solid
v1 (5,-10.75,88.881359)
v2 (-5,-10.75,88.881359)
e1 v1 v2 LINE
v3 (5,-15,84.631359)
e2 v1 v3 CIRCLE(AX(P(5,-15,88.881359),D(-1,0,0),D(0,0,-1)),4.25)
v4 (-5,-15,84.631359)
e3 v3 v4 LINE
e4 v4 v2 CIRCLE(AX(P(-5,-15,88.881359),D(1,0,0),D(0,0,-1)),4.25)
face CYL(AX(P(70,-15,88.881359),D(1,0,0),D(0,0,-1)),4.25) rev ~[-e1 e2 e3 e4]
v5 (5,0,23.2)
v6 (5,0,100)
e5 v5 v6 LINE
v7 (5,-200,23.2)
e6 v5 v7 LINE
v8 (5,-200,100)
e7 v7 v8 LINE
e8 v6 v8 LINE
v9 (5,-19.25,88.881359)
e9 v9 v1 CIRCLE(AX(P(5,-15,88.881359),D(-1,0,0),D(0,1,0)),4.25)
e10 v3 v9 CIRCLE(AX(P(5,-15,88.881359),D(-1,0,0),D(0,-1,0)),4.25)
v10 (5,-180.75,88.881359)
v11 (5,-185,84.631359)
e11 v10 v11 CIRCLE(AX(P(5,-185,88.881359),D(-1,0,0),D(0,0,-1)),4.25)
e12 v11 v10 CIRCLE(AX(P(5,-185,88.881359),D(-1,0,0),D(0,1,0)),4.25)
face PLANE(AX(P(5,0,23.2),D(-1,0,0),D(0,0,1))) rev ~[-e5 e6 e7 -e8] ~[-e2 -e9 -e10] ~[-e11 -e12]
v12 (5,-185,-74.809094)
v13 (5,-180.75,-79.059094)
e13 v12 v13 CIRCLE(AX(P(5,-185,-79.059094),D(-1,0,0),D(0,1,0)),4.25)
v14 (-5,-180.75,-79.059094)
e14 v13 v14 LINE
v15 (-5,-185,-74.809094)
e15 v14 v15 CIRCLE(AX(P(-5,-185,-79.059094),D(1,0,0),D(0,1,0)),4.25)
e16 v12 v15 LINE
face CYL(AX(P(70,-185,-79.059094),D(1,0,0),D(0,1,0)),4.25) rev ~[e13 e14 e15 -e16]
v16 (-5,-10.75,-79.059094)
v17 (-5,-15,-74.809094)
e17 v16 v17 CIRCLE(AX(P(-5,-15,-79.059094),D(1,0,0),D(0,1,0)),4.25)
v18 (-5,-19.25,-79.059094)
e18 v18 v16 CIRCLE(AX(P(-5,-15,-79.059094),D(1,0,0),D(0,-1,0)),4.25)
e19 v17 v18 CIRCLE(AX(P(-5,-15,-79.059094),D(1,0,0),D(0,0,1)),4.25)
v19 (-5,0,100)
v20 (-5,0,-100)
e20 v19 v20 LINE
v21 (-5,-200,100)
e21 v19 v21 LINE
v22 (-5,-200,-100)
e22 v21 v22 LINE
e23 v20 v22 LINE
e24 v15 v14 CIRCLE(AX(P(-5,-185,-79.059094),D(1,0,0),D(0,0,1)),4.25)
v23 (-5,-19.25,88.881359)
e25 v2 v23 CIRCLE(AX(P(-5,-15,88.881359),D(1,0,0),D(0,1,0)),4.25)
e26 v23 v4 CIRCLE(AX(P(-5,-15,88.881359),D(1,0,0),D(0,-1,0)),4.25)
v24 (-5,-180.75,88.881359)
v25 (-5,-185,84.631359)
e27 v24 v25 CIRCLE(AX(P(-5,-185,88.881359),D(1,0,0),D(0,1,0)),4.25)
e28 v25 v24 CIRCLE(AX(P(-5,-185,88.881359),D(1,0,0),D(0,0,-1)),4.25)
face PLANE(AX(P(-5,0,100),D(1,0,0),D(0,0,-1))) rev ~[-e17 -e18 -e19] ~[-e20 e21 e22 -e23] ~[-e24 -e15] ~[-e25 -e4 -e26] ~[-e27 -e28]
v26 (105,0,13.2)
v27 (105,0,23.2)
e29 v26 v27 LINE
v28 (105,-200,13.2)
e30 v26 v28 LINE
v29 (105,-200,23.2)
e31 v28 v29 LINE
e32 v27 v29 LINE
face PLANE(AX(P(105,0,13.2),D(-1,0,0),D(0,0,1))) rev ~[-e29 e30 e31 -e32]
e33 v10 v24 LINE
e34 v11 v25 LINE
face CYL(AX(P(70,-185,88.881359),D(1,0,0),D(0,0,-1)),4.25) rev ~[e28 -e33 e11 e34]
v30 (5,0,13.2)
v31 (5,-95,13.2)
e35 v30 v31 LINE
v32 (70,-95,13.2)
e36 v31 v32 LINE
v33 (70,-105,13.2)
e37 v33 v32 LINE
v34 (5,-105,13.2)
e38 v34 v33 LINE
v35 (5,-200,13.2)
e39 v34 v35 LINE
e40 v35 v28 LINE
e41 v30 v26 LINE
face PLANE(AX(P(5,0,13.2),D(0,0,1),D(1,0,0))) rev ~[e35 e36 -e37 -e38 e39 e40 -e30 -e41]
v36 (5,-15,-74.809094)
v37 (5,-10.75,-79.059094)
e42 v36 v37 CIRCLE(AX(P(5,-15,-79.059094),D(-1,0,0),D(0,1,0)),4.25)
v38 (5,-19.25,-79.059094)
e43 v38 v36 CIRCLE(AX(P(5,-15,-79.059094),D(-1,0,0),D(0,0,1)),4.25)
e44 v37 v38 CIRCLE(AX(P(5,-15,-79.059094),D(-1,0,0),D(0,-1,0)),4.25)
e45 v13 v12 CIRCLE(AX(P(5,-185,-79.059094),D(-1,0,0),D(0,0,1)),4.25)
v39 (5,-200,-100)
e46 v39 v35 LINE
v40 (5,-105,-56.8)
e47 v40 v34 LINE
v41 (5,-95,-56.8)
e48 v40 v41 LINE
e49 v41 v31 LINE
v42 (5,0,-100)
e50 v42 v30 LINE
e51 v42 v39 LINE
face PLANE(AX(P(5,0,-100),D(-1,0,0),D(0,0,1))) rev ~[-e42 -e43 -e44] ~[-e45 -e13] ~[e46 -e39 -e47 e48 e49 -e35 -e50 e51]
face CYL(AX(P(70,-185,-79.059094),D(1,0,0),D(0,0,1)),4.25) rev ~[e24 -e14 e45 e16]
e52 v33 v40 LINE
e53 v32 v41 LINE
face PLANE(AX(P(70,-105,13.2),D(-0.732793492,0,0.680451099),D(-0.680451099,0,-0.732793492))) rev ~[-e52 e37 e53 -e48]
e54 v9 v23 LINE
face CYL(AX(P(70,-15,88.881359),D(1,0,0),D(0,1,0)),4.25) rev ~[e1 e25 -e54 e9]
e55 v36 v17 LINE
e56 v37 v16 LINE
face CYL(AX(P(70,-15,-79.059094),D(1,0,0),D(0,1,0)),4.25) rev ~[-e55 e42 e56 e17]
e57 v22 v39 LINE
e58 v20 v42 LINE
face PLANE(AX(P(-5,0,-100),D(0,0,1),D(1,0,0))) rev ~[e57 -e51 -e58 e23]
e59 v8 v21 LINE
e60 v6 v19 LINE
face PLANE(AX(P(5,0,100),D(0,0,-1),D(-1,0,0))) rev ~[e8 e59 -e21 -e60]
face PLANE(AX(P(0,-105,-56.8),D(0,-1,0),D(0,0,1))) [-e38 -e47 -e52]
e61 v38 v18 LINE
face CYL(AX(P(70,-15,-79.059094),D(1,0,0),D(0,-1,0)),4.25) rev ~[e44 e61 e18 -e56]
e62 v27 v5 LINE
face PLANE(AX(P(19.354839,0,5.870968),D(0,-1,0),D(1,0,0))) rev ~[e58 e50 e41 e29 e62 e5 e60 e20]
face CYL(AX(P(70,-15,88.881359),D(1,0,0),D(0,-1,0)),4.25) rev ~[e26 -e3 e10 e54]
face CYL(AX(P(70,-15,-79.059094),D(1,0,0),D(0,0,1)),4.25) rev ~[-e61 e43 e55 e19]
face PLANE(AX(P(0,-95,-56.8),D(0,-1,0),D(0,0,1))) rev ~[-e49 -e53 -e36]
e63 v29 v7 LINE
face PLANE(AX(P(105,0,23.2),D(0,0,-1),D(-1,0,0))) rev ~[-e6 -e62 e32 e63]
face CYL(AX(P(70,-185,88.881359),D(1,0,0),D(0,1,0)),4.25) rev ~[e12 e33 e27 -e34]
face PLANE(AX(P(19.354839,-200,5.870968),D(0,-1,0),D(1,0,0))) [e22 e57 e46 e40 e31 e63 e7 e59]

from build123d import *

# Parameters (mm, degrees)
F1_DEPTH = 200
F2_W     = 10
F2_H     = 70
F3_DEPTH = 70
F5_DEPTH = 100
F6_DEPTH = 75.001


with BuildPart() as f1:
    # F0 (on Front) → F1 (new body)
    with BuildSketch(Plane.XZ):
        Polygon((5, 100), (-5, 100), (-5, 23.2), (-5, 13.2), (-5, -100), (5, -100), (5, 13.2), (105, 13.2), (105, 23.2), (5, 23.2), align=None)
    extrude(amount=F1_DEPTH)

    # F2 (on Right) → F3 (join)
    with BuildSketch(Plane.YZ):
        with Locations((-100, -21.8)):
            Rectangle(F2_W, F2_H)
        with BuildLine():
            Line((-185, 84.6313585043), (-185, 88.8813585043))
            Line((-185, 88.8813585043), (-180.75, 88.8813585043))
            ThreePointArc((-180.75, 88.8813585043), (-188.00520382, 91.8865623243), (-185, 84.6313585043))
        make_face()
        with BuildLine():
            Line((-180.75, 88.8813585043), (-185, 88.8813585043))
            Line((-185, 88.8813585043), (-185, 84.6313585043))
            ThreePointArc((-185, 84.6313585043), (-181.99479618, 85.8761546843), (-180.75, 88.8813585043))
        make_face()
        with BuildLine():
            Line((-185, -74.8090941906), (-185, -79.0590941906))
            Line((-185, -79.0590941906), (-180.75, -79.0590941906))
            ThreePointArc((-180.75, -79.0590941906), (-181.99479618, -76.0538903706), (-185, -74.8090941906))
        make_face()
        with BuildLine():
            Line((-180.75, -79.0590941906), (-185, -79.0590941906))
            Line((-185, -79.0590941906), (-185, -74.8090941906))
            ThreePointArc((-185, -74.8090941906), (-188.00520382, -82.0642980106), (-180.75, -79.0590941906))
        make_face()
        with BuildLine():
            Line((-19.25, -79.0590941906), (-15, -79.0590941906))
            Line((-15, -79.0590941906), (-15, -74.8090941906))
            ThreePointArc((-15, -74.8090941906), (-18.00520382, -76.0538903706), (-19.25, -79.0590941906))
        make_face()
        with BuildLine():
            Line((-15, -74.8090941906), (-15, -79.0590941906))
            Line((-15, -79.0590941906), (-19.25, -79.0590941906))
            ThreePointArc((-19.25, -79.0590941906), (-15, -83.3090941906), (-10.75, -79.0590941906))
            ThreePointArc((-10.75, -79.0590941906), (-11.99479618, -76.0538903706), (-15, -74.8090941906))
        make_face()
        with BuildLine():
            ThreePointArc((-15, 84.6313585043), (-11.99479618, 85.8761546843), (-10.75, 88.8813585043))
            ThreePointArc((-10.75, 88.8813585043), (-15, 93.1313585043), (-19.25, 88.8813585043))
            Line((-19.25, 88.8813585043), (-15, 88.8813585043))
            Line((-15, 88.8813585043), (-15, 84.6313585043))
        make_face()
        with BuildLine():
            Line((-15, 88.8813585043), (-19.25, 88.8813585043))
            ThreePointArc((-19.25, 88.8813585043), (-18.00520382, 85.8761546843), (-15, 84.6313585043))
            Line((-15, 84.6313585043), (-15, 88.8813585043))
        make_face()
    extrude(amount=F3_DEPTH)

    # F4 (on face) → F5 (cut)
    with BuildSketch(Plane.XZ.offset(105)):
        Polygon((5, -56.8), (70, -56.8), (70, 13.2), align=None)
    extrude(amount=-F5_DEPTH, mode=Mode.SUBTRACT)

    # F6 (cut, through all): faces of the model
    f6_faces = [f1.faces().sort_by_distance(p)[0] for p in [
        (70, -185, 88.8813585043),
        (70, -15, 88.8813585043),
        (70, -15, -79.0590941906),
        (70, -185, -79.0590941906),
    ]]
    extrude(f6_faces, amount=-F6_DEPTH, mode=Mode.SUBTRACT)


solid = f1.part
